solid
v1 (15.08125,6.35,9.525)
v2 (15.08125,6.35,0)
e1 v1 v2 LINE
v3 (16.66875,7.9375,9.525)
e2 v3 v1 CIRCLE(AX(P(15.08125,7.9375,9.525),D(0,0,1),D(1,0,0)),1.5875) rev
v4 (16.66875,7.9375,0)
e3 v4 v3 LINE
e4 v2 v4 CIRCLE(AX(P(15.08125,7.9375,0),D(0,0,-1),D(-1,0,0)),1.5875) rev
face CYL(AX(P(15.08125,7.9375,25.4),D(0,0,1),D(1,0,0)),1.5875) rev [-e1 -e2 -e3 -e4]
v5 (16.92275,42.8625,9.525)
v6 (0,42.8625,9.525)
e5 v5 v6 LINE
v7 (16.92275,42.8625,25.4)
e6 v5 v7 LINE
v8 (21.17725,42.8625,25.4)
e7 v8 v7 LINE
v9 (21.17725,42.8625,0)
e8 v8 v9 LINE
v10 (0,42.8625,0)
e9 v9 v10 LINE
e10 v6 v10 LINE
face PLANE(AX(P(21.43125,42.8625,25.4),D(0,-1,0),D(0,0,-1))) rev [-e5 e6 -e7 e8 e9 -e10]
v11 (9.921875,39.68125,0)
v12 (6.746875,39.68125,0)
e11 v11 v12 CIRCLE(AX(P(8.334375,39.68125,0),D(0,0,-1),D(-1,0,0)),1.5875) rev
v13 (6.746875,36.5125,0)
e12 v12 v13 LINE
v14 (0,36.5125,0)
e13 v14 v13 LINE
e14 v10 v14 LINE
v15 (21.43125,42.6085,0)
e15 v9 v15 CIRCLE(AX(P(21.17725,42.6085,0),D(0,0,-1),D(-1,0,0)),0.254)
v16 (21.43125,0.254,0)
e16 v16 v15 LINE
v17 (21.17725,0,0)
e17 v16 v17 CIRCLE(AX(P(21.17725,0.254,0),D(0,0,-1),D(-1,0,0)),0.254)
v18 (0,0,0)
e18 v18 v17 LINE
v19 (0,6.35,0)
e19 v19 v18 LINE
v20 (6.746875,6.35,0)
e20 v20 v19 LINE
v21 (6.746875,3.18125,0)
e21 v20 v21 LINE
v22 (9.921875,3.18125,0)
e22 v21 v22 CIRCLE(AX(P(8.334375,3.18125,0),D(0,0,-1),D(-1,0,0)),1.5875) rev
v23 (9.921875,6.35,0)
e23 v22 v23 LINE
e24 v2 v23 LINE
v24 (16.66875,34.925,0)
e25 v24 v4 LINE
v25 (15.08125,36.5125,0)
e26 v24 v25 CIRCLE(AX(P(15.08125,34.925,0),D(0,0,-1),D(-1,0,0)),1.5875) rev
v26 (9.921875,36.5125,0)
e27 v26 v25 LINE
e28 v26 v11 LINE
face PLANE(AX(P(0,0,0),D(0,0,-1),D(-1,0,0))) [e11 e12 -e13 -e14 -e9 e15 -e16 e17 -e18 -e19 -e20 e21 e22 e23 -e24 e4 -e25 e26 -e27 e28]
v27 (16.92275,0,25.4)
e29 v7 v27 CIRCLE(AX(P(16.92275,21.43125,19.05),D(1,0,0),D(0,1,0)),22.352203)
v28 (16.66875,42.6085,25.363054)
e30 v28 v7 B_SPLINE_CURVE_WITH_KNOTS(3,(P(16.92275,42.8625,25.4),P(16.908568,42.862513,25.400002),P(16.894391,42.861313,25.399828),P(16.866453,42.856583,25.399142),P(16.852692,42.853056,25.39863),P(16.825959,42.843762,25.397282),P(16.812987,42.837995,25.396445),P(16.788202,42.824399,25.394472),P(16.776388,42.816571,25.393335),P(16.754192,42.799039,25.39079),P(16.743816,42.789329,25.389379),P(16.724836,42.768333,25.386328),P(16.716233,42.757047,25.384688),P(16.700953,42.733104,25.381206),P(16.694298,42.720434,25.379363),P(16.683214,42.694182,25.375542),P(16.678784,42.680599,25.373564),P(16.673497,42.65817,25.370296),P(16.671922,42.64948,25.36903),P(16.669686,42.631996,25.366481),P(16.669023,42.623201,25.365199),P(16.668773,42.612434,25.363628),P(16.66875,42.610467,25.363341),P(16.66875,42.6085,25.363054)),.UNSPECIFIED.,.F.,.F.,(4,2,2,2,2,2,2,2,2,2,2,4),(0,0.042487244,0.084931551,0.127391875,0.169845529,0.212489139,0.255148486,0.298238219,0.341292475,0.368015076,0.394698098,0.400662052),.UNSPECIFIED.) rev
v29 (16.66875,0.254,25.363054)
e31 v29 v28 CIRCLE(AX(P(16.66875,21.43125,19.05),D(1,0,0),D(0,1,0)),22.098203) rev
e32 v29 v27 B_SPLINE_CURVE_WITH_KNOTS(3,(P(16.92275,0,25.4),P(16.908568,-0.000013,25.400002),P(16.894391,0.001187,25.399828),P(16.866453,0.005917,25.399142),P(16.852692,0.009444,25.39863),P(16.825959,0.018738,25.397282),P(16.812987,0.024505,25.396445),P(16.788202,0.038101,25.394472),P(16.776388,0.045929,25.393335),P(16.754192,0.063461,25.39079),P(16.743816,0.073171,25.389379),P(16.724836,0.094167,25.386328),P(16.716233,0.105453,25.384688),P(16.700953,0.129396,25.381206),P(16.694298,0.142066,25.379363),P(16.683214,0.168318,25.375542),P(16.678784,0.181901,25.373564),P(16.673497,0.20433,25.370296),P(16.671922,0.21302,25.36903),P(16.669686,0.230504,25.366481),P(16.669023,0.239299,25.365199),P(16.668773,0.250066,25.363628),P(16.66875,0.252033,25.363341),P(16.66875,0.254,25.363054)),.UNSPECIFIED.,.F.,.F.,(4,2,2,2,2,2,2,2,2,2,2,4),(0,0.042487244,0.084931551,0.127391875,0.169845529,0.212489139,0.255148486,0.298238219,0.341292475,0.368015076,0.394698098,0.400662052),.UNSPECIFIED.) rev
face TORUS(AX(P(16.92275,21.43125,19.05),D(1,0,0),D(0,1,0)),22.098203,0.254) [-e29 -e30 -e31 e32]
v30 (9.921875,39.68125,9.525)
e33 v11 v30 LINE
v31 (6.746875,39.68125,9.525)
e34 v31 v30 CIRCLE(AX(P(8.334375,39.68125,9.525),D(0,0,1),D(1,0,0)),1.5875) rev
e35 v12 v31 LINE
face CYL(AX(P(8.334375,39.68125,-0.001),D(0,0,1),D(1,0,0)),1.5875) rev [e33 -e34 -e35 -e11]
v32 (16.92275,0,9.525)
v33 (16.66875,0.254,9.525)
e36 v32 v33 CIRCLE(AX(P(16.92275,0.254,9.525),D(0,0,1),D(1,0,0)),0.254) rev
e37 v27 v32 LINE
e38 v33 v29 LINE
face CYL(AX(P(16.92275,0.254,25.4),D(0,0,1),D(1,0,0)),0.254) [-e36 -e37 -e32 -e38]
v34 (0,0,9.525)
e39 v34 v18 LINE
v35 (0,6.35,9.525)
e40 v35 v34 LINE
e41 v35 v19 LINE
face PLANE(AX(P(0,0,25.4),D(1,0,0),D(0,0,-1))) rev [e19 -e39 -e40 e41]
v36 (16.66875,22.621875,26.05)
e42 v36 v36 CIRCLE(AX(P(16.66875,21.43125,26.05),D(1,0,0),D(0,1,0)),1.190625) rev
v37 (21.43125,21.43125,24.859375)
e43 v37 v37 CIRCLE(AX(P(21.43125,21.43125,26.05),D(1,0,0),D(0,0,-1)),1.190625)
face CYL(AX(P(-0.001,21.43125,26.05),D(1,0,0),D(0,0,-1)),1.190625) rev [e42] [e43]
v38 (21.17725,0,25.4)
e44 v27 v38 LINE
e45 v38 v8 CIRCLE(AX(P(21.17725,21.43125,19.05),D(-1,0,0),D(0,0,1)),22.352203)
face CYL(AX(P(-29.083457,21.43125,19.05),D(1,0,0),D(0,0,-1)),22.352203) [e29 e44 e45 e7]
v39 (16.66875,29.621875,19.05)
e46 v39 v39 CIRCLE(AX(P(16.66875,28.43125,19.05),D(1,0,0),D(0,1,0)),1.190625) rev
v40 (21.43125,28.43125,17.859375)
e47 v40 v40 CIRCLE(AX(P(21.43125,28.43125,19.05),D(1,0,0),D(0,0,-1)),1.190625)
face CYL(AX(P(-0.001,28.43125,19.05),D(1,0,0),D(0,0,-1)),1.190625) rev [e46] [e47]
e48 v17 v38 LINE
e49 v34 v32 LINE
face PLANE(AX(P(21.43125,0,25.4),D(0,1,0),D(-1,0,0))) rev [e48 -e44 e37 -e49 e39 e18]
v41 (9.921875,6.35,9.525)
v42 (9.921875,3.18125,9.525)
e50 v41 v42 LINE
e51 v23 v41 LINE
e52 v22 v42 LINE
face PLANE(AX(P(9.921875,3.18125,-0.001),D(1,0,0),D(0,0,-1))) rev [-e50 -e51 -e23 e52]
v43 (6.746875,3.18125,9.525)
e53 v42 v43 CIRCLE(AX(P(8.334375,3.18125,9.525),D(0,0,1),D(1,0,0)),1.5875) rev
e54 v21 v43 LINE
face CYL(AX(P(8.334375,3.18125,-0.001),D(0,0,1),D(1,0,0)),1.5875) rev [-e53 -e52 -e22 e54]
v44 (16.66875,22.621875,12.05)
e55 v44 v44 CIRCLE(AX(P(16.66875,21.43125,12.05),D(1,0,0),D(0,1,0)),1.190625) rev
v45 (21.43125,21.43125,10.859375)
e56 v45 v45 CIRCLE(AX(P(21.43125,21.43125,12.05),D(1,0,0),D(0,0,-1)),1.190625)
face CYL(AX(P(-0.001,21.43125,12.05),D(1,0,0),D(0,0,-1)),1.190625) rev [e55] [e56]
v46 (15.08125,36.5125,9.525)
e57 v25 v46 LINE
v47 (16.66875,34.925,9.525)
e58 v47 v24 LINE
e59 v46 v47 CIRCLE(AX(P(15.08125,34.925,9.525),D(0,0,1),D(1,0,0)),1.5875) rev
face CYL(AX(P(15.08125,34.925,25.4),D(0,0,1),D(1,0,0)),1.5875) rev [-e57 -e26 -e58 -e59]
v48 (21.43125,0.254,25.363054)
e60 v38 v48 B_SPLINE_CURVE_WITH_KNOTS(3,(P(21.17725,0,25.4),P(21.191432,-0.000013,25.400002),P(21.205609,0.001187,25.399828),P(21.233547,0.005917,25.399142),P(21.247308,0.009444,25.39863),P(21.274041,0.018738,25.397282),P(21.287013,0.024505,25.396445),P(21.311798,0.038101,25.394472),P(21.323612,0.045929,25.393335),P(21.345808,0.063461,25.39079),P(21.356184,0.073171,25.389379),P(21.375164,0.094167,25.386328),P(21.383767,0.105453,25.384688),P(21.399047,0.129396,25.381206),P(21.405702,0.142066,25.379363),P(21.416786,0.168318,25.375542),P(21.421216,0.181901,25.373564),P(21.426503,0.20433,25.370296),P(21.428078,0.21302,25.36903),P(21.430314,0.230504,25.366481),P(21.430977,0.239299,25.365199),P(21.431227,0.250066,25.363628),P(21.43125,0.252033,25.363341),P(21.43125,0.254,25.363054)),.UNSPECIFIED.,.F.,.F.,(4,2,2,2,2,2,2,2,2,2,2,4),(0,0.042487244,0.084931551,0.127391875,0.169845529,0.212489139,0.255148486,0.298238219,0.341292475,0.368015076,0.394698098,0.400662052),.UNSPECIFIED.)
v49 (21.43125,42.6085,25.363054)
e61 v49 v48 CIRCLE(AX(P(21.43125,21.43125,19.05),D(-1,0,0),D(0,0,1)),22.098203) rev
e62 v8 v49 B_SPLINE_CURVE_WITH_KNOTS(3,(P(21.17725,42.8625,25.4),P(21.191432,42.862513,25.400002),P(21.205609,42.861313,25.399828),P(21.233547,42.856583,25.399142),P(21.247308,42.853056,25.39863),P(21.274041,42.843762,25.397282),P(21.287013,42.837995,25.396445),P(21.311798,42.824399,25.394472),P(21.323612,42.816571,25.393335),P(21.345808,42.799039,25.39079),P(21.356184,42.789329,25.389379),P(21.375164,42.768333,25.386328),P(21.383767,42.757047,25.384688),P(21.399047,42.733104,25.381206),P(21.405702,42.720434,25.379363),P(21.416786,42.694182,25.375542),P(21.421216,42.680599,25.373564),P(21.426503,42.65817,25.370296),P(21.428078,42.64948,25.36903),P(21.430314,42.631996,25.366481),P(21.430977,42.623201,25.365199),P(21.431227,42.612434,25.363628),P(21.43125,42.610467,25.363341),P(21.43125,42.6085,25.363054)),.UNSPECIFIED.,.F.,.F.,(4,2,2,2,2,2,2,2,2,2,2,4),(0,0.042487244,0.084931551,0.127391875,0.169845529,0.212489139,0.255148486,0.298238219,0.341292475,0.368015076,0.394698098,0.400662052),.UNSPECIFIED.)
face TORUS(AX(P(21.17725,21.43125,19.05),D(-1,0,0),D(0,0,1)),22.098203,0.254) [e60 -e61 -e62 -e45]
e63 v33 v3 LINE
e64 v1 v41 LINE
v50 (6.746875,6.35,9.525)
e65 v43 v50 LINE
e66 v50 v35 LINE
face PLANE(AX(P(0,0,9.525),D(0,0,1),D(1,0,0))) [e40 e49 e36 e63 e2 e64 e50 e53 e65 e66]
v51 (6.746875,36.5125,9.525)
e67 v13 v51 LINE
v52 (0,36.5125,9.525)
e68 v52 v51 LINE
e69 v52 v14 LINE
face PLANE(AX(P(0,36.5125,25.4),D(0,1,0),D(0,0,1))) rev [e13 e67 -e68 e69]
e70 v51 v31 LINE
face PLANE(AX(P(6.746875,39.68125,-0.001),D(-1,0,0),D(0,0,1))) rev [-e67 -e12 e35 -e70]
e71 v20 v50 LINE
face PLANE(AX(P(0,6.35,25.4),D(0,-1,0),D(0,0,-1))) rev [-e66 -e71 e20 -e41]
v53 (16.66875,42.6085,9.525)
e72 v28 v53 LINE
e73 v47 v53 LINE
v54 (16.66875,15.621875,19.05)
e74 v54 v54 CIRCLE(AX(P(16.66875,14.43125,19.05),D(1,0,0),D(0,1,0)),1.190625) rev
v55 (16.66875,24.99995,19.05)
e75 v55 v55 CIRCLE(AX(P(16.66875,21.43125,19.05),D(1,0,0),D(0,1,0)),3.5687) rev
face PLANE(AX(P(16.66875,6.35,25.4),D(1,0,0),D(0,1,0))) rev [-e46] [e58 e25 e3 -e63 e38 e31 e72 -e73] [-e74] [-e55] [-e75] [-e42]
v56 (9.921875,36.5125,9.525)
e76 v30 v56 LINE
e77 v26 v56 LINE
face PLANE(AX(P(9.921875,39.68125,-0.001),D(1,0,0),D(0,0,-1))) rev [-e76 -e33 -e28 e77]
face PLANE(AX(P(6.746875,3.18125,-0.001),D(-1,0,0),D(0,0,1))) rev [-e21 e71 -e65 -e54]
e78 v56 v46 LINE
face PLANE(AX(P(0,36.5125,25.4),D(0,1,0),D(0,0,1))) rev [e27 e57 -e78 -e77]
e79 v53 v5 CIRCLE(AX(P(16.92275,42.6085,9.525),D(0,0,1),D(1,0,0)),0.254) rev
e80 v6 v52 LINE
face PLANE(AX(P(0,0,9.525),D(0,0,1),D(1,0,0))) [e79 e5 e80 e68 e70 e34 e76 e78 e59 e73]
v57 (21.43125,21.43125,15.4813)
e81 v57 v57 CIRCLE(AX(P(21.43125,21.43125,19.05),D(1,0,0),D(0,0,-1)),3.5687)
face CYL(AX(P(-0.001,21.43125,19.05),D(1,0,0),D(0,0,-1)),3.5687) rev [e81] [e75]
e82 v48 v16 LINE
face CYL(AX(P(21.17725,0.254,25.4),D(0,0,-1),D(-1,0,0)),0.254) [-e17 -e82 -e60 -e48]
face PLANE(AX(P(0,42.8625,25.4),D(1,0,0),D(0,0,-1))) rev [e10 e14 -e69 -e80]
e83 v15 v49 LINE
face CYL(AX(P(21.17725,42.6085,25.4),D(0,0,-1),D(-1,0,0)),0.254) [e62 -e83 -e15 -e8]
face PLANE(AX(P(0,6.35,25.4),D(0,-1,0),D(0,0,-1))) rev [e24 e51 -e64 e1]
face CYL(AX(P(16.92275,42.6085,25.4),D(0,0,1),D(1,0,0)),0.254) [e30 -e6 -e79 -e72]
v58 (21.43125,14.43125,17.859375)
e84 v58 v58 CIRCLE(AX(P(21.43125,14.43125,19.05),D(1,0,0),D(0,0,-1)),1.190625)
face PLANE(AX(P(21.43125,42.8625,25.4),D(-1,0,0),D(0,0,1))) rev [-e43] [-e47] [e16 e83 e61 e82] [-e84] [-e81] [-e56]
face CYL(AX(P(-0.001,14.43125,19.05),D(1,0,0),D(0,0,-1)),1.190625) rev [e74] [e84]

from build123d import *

# Parameters (mm, degrees)
BOSS_EXTRUDE1_DEPTH = 25.4
CUT_EXTRUDE1_REACH  = 56.237
SKETCH3_R           = 3.5687
CUT_EXTRUDE2_REACH  = 56.237
SKETCH5_W           = 16.66875
SKETCH5_H           = 42.8625
CUT_EXTRUDE3_DEPTH  = 15.875
BOSS_EXTRUDE2_DEPTH = 4.7625
CUT_EXTRUDE5_REACH  = 65.33
SKETCH9_R           = 1.190625
FILLET1_R           = 0.254
FILLET2_R           = 1.5875


with BuildPart() as part:
    # Sketch2 → Boss-Extrude1 (new body)
    with BuildSketch(Plane.XY):
        Polygon((0, 0), (0, 6.35), (16.66875, 6.35), (16.66875, 36.5125), (0, 36.5125), (0, 42.8625), (21.43125, 42.8625), (21.43125, 0), align=None)
    extrude(amount=BOSS_EXTRUDE1_DEPTH)

    # Sketch3 → Cut-Extrude1 (cut, up to next)
    with BuildSketch(Plane(origin=(21.43125, 0, 0), x_dir=(0, 0, -1), z_dir=(1, 0, 0)), mode=Mode.PRIVATE) as cut_extrude1_sk1:
        with Locations((-19.05, 21.43125)):
            Circle(SKETCH3_R)
    cut_extrude1_tool1 = extrude(cut_extrude1_sk1.sketch, amount=-CUT_EXTRUDE1_REACH, mode=Mode.PRIVATE) & part.part
    add(cut_extrude1_tool1.solids().sort_by_distance((21.43125, 21.43125, 19.05))[0], mode=Mode.SUBTRACT)

    # Sketch4 → Cut-Extrude2 (cut, up to next)
    with BuildSketch(Plane.XY.offset(25.4), mode=Mode.PRIVATE) as cut_extrude2_sk1:
        with BuildLine():
            Line((9.921875, 3.18125), (9.921875, 6.35))
            Line((9.921875, 6.35), (6.746875, 6.35))
            Line((6.746875, 6.35), (6.746875, 3.18125))
            ThreePointArc((6.746875, 3.18125), (8.334375, 1.59375), (9.921875, 3.18125))
        make_face()
    cut_extrude2_tool1 = extrude(cut_extrude2_sk1.sketch, amount=-CUT_EXTRUDE2_REACH, mode=Mode.PRIVATE) & part.part
    # Sketch4 → Cut-Extrude2 (cut, up to next)
    with BuildSketch(Plane.XY.offset(25.4), mode=Mode.PRIVATE) as cut_extrude2_sk2:
        with BuildLine():
            Line((6.746875, 36.5125), (9.921875, 36.5125))
            Line((9.921875, 36.5125), (9.921875, 39.68125))
            ThreePointArc((9.921875, 39.68125), (8.334375, 41.26875), (6.746875, 39.68125))
            Line((6.746875, 39.68125), (6.746875, 36.5125))
        make_face()
    cut_extrude2_tool2 = extrude(cut_extrude2_sk2.sketch, amount=-CUT_EXTRUDE2_REACH, mode=Mode.PRIVATE) & part.part
    add(cut_extrude2_tool1.solids().sort_by_distance((8.334375, 4.127999, 25.4))[0], mode=Mode.SUBTRACT)
    add(cut_extrude2_tool2.solids().sort_by_distance((8.334375, 38.734501, 25.4))[0], mode=Mode.SUBTRACT)

    # Sketch5 → Cut-Extrude3 (cut)
    with BuildSketch(Plane.XY.offset(25.4)):
        with Locations((8.334375, 21.43125)):
            Rectangle(SKETCH5_W, SKETCH5_H)
    extrude(amount=-CUT_EXTRUDE3_DEPTH, mode=Mode.SUBTRACT)

    # Sketch6 → Boss-Extrude2 (add)
    with BuildSketch(Plane(origin=(21.43125, 0, 0), x_dir=(0, 0, -1), z_dir=(1, 0, 0))):
        with BuildLine():
            ThreePointArc((-25.4, 42.8625), (-41.402202947, 21.43125), (-25.4, 0))
            Line((-25.4, 0), (-25.4, 42.8625))
        make_face()
    extrude(amount=-BOSS_EXTRUDE2_DEPTH)

    # Sketch9 → Cut-Extrude5 (cut, up to next)
    with BuildSketch(Plane(origin=(21.43125, 0, 0), x_dir=(0, 0, -1), z_dir=(1, 0, 0)), mode=Mode.PRIVATE) as cut_extrude5_sk1:
        with Locations((-12.05, 21.43125)):
            Circle(SKETCH9_R)
    cut_extrude5_tool1 = extrude(cut_extrude5_sk1.sketch, amount=-CUT_EXTRUDE5_REACH, mode=Mode.PRIVATE) & part.part
    # Sketch9 → Cut-Extrude5 (cut, up to next)
    with BuildSketch(Plane(origin=(21.43125, 0, 0), x_dir=(0, 0, -1), z_dir=(1, 0, 0)), mode=Mode.PRIVATE) as cut_extrude5_sk2:
        with Locations((-19.05, 14.43125)):
            Circle(SKETCH9_R)
    cut_extrude5_tool2 = extrude(cut_extrude5_sk2.sketch, amount=-CUT_EXTRUDE5_REACH, mode=Mode.PRIVATE) & part.part
    # Sketch9 → Cut-Extrude5 (cut, up to next)
    with BuildSketch(Plane(origin=(21.43125, 0, 0), x_dir=(0, 0, -1), z_dir=(1, 0, 0)), mode=Mode.PRIVATE) as cut_extrude5_sk3:
        with Locations((-26.05, 21.43125)):
            Circle(SKETCH9_R)
    cut_extrude5_tool3 = extrude(cut_extrude5_sk3.sketch, amount=-CUT_EXTRUDE5_REACH, mode=Mode.PRIVATE) & part.part
    # Sketch9 → Cut-Extrude5 (cut, up to next)
    with BuildSketch(Plane(origin=(21.43125, 0, 0), x_dir=(0, 0, -1), z_dir=(1, 0, 0)), mode=Mode.PRIVATE) as cut_extrude5_sk4:
        with Locations((-19.05, 28.43125)):
            Circle(SKETCH9_R)
    cut_extrude5_tool4 = extrude(cut_extrude5_sk4.sketch, amount=-CUT_EXTRUDE5_REACH, mode=Mode.PRIVATE) & part.part
    add(cut_extrude5_tool1.solids().sort_by_distance((21.43125, 21.43125, 12.05))[0], mode=Mode.SUBTRACT)
    add(cut_extrude5_tool2.solids().sort_by_distance((21.43125, 14.43125, 19.05))[0], mode=Mode.SUBTRACT)
    add(cut_extrude5_tool3.solids().sort_by_distance((21.43125, 21.43125, 26.05))[0], mode=Mode.SUBTRACT)
    add(cut_extrude5_tool4.solids().sort_by_distance((21.43125, 28.43125, 19.05))[0], mode=Mode.SUBTRACT)

    # Fillet1
    fillet1_edges = [part.edges().sort_by_distance(p)[0] for p in [
        (21.43125, 21.43125, 41.402202947),
        (16.66875, 21.43125, 41.402202947),
        (21.43125, 42.8625, 12.7),
        (21.43125, 0, 12.7),
        (16.66875, 42.8625, 17.4625),
        (16.66875, 0, 17.4625),
    ]]
    fillet(fillet1_edges, radius=FILLET1_R)

    # Fillet2
    fillet2_edges = [part.edges().sort_by_distance(p)[0] for p in [
        (16.66875, 6.35, 4.7625),
        (16.66875, 36.5125, 4.7625),
    ]]
    fillet(fillet2_edges, radius=FILLET2_R)


solid = part.part
